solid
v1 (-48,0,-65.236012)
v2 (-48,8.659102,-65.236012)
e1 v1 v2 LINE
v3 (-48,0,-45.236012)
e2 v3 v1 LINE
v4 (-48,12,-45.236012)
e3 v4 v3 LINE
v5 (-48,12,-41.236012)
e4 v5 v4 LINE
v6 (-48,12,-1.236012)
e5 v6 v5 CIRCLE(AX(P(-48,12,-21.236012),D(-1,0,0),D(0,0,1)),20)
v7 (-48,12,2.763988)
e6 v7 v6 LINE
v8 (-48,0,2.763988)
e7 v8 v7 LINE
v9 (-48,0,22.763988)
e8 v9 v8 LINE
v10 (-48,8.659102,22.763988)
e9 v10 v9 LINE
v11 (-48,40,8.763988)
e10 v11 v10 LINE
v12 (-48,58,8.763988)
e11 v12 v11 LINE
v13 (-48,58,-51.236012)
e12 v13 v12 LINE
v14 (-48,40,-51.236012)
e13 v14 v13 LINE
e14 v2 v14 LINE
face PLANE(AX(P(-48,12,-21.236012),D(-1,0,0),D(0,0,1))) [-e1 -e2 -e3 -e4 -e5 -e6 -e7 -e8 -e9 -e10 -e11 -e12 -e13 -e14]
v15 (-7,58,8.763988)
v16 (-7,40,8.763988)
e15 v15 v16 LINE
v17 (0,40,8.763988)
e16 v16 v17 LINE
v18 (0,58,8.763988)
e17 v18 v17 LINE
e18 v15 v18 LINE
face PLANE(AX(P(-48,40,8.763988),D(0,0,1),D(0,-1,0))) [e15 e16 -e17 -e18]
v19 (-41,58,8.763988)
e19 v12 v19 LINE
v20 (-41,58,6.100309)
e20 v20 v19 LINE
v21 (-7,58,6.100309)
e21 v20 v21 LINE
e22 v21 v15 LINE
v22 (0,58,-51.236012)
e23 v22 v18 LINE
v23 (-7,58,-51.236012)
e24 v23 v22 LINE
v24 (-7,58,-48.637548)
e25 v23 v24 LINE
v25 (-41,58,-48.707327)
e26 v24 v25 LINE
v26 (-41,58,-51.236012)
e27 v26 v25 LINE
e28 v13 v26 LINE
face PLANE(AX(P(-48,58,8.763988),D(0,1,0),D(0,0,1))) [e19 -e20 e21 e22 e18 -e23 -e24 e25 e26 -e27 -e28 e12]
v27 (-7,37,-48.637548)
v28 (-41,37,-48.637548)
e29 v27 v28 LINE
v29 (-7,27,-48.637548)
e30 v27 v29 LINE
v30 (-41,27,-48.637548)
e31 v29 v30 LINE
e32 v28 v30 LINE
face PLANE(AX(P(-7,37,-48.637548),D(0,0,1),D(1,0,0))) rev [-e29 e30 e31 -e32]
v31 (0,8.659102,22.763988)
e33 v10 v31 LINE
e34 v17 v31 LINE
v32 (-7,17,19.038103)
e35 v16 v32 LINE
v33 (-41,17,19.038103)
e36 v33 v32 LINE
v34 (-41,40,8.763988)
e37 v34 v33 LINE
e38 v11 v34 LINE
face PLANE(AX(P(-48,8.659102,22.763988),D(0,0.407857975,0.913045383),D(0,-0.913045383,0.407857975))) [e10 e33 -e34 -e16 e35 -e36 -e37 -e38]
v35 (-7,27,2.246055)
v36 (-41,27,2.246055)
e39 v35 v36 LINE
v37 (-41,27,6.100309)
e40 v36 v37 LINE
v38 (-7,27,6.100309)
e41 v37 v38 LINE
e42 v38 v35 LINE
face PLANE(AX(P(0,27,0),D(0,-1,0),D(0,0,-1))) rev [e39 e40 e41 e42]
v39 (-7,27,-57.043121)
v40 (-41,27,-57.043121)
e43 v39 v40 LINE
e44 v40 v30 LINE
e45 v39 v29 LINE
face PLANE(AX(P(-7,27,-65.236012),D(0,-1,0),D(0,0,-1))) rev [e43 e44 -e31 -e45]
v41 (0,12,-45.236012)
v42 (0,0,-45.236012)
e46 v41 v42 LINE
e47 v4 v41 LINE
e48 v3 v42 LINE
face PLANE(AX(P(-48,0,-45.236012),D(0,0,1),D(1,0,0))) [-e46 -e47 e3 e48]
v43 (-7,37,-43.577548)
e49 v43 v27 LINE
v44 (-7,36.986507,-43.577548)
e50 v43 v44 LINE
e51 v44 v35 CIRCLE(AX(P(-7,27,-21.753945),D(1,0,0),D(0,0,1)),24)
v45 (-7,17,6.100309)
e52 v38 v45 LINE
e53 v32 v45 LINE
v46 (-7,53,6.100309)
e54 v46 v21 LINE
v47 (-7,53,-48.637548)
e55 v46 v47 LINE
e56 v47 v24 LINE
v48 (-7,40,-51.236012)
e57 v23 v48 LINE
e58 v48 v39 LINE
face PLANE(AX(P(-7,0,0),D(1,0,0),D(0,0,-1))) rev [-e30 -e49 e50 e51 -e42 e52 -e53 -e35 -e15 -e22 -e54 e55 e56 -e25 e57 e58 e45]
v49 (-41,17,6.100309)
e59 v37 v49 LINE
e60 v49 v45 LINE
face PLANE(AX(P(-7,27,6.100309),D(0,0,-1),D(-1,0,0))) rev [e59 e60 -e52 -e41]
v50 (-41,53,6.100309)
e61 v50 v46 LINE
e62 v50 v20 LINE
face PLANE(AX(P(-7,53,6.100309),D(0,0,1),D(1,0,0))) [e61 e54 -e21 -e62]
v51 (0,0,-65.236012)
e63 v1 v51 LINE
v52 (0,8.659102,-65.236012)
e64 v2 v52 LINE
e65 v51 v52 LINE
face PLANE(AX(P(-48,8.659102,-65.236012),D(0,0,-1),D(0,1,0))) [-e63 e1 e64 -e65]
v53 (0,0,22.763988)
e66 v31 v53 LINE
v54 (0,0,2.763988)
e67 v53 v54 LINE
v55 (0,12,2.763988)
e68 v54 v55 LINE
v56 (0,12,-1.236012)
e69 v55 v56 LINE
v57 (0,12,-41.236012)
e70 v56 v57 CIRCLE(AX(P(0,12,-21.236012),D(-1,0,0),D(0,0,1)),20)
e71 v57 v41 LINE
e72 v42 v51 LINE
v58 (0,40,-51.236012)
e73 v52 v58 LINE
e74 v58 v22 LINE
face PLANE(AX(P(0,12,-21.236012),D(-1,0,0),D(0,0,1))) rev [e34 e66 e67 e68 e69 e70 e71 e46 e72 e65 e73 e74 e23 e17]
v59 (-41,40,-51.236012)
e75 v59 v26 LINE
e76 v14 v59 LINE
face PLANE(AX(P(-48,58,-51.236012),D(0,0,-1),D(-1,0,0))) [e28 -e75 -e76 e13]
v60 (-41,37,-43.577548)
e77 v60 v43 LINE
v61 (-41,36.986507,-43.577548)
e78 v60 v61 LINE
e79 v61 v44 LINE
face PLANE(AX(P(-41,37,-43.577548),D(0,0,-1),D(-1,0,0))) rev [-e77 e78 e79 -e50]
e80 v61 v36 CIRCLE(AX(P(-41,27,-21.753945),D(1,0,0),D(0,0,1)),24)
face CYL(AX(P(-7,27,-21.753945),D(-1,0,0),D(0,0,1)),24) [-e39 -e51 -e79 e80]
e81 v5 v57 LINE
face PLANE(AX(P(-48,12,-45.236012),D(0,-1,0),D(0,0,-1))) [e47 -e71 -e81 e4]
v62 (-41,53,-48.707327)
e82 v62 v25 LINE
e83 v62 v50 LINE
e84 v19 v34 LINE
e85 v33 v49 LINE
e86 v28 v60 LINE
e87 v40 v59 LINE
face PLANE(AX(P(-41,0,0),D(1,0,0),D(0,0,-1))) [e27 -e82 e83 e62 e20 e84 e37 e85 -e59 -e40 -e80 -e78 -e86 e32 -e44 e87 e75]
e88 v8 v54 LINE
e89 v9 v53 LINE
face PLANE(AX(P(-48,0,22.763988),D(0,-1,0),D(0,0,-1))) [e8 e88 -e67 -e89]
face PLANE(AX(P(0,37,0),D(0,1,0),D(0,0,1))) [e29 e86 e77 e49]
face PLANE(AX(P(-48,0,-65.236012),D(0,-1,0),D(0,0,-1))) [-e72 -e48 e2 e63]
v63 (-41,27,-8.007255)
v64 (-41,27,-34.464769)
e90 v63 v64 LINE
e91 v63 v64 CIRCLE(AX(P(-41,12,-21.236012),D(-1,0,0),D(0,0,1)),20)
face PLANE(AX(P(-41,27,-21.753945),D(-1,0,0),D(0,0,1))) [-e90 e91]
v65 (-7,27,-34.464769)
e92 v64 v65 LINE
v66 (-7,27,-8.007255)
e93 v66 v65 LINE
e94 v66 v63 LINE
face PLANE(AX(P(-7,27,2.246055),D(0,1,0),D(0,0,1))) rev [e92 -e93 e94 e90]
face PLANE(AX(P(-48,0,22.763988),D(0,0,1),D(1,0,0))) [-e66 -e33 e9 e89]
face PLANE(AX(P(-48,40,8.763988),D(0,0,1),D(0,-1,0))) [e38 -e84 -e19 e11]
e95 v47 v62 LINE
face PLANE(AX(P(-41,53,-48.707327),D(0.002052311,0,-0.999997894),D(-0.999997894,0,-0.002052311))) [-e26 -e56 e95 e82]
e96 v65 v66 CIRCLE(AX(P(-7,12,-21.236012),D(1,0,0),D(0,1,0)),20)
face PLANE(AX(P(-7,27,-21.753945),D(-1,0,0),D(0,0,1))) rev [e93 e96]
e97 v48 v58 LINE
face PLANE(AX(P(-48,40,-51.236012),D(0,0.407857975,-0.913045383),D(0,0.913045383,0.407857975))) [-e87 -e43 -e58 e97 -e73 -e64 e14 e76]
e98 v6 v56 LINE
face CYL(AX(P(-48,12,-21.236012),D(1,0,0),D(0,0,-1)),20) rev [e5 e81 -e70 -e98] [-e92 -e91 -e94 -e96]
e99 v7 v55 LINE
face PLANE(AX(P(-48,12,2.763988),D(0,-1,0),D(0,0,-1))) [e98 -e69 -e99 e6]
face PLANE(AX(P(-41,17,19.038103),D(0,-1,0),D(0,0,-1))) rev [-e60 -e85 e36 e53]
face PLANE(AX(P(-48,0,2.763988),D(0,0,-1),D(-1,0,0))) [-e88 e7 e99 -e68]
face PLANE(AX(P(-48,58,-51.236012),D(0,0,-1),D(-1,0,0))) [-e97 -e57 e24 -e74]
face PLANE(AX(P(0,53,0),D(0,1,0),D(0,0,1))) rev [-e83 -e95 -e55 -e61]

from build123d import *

# Parameters (mm, degrees)
BOSS_EXTRUDE1_DEPTH = 48
CUT_EXTRUDE1_DEPTH  = 34
SKETCH4_W           = 34
SKETCH4_H           = 5.062205584
BOSS_EXTRUDE2_DEPTH = 10
SKETCH6_W           = 34
SKETCH6_H           = 31
CUT_EXTRUDE3_DEPTH  = 101.30083919
BOSS_EXTRUDE3_DEPTH = 34
SKETCH9_W           = 34
SKETCH9_H           = 5.06
BOSS_EXTRUDE4_DEPTH = 10
BOSS_EXTRUDE5_DEPTH = 5


with BuildPart() as part:
    # Sketch1 → Boss-Extrude1 (new body)
    with BuildSketch(Plane(origin=(0, 0, 0), x_dir=(0, 0, -1), z_dir=(1, 0, 0))):
        with BuildLine():
            Line((-22.763988027, 0), (-22.763988027, 8.659101585))
            Line((-22.763988027, 8.659101585), (-8.763988027, 40))
            Line((-8.763988027, 40), (-8.763988027, 58))
            Line((-8.763988027, 58), (51.236011973, 58))
            Line((51.236011973, 58), (51.236011973, 40))
            Line((51.236011973, 40), (65.236011973, 8.659101585))
            Line((65.236011973, 8.659101585), (65.236011973, 0))
            Line((65.236011973, 0), (45.236011973, 0))
            Line((45.236011973, 0), (45.236011973, 12))
            Line((45.236011973, 12), (41.236011973, 12))
            ThreePointArc((41.236011973, 12), (21.236011973, 32), (1.236011973, 12))
            Line((1.236011973, 12), (-2.763988027, 12))
            Line((-2.763988027, 12), (-2.763988027, 0))
            Line((-2.763988027, 0), (-22.763988027, 0))
        make_face()
    extrude(amount=-BOSS_EXTRUDE1_DEPTH)

    # Sketch3 → Cut-Extrude1 (cut)
    with BuildSketch(Plane(origin=(-7, 0, 0), x_dir=(0, 0, -1), z_dir=(1, 0, 0))):
        Polygon((-19.038103202, 17), (-1.038103202, 17), (-1.038103202, 58), (-8.763988027, 58), (-8.763988027, 40), align=None)
    extrude(amount=-CUT_EXTRUDE1_DEPTH, mode=Mode.SUBTRACT)

    # Sketch4 → Boss-Extrude2 (add)
    with BuildSketch(Plane(origin=(0, 17, 0), x_dir=(1, 0, 0), z_dir=(0, 1, 0))):
        with Locations((-24, -3.569205994)):
            Rectangle(SKETCH4_W, SKETCH4_H)
    extrude(amount=BOSS_EXTRUDE2_DEPTH)

    # Sketch6 → Cut-Extrude3 (cut, through all)
    with BuildSketch(Plane.XY.offset(1.038103202)):
        with Locations((-24, 42.5)):
            Rectangle(SKETCH6_W, SKETCH6_H)
    extrude(amount=-CUT_EXTRUDE3_DEPTH, mode=Mode.SUBTRACT)

    # Sketch8 → Boss-Extrude3 (add)
    with BuildSketch(Plane(origin=(-41, 0, 0), x_dir=(0, 0, -1), z_dir=(1, 0, 0))):
        with BuildLine():
            Line((-2.24605546, 27), (45.75394454, 27))
            ThreePointArc((45.75394454, 27), (21.75394454, 51), (-2.24605546, 27))
        make_face()
    extrude(amount=BOSS_EXTRUDE3_DEPTH)

    # Sketch9 → Boss-Extrude4 (add)
    with BuildSketch(Plane(origin=(0, 27, 0), x_dir=(1, 0, 0), z_dir=(0, 1, 0))):
        with Locations((-24, 46.107548199)):
            Rectangle(SKETCH9_W, SKETCH9_H)
    extrude(amount=BOSS_EXTRUDE4_DEPTH)

    # Sketch10 → Boss-Extrude5 (add)
    with BuildSketch(Plane(origin=(0, 58, 0), x_dir=(1, 0, 0), z_dir=(0, 1, 0))):
        Polygon((-41, 48.707326909), (-7, 48.637548199), (-7, -6.100308786), (-41, -6.100308786), align=None)
    extrude(amount=-BOSS_EXTRUDE5_DEPTH)


solid = part.part
